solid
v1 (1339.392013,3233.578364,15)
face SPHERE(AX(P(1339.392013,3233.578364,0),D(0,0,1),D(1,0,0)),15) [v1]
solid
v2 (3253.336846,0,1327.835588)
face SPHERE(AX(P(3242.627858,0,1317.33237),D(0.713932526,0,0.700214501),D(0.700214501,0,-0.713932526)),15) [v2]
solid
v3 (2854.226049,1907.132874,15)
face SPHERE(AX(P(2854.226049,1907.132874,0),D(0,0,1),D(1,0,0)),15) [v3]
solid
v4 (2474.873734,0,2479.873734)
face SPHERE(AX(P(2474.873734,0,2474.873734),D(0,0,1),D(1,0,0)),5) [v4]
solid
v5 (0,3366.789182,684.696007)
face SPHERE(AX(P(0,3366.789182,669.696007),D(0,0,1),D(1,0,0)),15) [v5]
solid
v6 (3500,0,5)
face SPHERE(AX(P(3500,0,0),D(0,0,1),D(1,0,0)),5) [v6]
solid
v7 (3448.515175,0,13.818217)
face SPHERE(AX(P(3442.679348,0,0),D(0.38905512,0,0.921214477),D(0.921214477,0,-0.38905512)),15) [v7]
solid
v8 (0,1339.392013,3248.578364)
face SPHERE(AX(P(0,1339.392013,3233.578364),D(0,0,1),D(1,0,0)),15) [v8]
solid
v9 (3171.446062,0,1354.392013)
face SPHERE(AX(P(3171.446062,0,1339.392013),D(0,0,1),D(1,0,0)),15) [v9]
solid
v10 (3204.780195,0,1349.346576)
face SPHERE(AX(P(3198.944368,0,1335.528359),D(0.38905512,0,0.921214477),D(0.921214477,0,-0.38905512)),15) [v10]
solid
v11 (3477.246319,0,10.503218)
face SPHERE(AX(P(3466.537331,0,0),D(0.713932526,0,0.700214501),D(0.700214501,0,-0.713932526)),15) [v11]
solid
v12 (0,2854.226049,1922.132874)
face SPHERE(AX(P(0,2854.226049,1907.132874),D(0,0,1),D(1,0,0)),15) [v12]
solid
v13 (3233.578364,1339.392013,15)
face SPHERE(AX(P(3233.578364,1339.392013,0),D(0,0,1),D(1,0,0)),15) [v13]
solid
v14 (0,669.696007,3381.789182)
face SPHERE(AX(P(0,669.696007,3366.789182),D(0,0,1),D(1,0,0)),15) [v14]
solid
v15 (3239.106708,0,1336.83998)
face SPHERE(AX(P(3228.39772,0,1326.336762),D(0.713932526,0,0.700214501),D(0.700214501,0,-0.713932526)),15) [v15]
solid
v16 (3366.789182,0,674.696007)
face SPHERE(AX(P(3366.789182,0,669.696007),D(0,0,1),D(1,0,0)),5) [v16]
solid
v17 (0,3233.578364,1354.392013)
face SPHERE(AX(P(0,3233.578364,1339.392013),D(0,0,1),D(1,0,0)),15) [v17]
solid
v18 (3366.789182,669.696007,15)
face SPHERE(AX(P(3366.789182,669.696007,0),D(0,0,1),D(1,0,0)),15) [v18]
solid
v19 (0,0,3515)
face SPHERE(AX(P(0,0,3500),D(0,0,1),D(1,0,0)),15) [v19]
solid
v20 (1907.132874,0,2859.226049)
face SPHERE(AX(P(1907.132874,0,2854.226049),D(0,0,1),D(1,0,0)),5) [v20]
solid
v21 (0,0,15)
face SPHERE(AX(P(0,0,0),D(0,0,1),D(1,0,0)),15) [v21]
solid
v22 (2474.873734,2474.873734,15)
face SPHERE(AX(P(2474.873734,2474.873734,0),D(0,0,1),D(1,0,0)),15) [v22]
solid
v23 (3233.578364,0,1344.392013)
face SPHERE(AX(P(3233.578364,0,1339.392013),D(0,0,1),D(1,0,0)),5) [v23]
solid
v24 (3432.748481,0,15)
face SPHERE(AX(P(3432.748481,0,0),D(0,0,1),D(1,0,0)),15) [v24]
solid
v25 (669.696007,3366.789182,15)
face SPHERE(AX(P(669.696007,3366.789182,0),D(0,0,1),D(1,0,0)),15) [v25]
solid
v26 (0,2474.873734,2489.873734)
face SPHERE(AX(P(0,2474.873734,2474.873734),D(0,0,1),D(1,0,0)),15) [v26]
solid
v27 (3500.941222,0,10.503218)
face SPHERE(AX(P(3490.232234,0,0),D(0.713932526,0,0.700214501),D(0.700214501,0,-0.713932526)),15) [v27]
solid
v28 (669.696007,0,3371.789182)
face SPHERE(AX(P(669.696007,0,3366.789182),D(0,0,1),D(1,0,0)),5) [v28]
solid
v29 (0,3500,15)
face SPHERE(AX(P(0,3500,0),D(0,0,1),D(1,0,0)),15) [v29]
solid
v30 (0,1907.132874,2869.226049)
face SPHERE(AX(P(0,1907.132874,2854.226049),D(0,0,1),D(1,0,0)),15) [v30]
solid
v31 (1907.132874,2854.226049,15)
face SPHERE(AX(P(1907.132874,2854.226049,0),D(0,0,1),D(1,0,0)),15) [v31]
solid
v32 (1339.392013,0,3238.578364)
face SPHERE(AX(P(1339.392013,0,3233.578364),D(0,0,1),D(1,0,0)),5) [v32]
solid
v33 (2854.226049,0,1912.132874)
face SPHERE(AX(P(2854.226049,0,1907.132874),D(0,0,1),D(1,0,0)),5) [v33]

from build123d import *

# Parameters (mm, degrees)
SPHERE025_PLACEMENT_ANGLE = 314.444216
SPHERE026_PLACEMENT_ANGLE = 337.104281
SPHERE029_PLACEMENT_ANGLE = 45.555784
SPHERE030_PLACEMENT_ANGLE = 45.555784
SPHERE031_PLACEMENT_ANGLE = 22.895719
SPHERE032_PLACEMENT_ANGLE = 45.555784


with BuildPart() as sphere:
    # Sphere → Sphere (revolve)
    with BuildSketch(Plane(origin=(3500, 0, 0), x_dir=(1, 0, 0), z_dir=(0, -1, 0))):
        with BuildLine():
            ThreePointArc((0, -5), (5, 0), (0, 5))
            Line((0, 5), (0, -5))
        make_face()
    revolve(axis=Axis((3500, 0, 0), (0, 0, 1)))


with BuildPart() as sphere001:
    # Sphere001 → Sphere001 (revolve)
    with BuildSketch(Plane.XZ):
        with BuildLine():
            ThreePointArc((0, -15), (15, 0), (0, 15))
            Line((0, 15), (0, -15))
        make_face()
    revolve(axis=Axis((0, 0, 0), (0, 0, 1)))


with BuildPart() as sphere002:
    # Sphere002 → Sphere002 (revolve)
    with BuildSketch(Plane(origin=(0, 0, 3500), x_dir=(1, 0, 0), z_dir=(0, -1, 0))):
        with BuildLine():
            ThreePointArc((0, -15), (15, 0), (0, 15))
            Line((0, 15), (0, -15))
        make_face()
    revolve(axis=Axis((0, 0, 3500), (0, 0, 1)))


with BuildPart() as sphere003:
    # Sphere003 → Sphere003 (revolve)
    with BuildSketch(Plane(origin=(1339.392013, 0, 3233.578364), x_dir=(1, 0, 0), z_dir=(0, -1, 0))):
        with BuildLine():
            ThreePointArc((0, -5), (5, 0), (0, 5))
            Line((0, 5), (0, -5))
        make_face()
    revolve(axis=Axis((1339.392013, 0, 3233.578364), (0, 0, 1)))


with BuildPart() as sphere004:
    # Sphere004 → Sphere004 (revolve)
    with BuildSketch(Plane(origin=(2474.873734, 0, 2474.873734), x_dir=(1, 0, 0), z_dir=(0, -1, 0))):
        with BuildLine():
            ThreePointArc((0, -5), (5, 0), (0, 5))
            Line((0, 5), (0, -5))
        make_face()
    revolve(axis=Axis((2474.873734, 0, 2474.873734), (0, 0, 1)))


with BuildPart() as sphere005:
    # Sphere005 → Sphere005 (revolve)
    with BuildSketch(Plane(origin=(3233.578364, 0, 1339.392013), x_dir=(1, 0, 0), z_dir=(0, -1, 0))):
        with BuildLine():
            ThreePointArc((0, -5), (5, 0), (0, 5))
            Line((0, 5), (0, -5))
        make_face()
    revolve(axis=Axis((3233.578364, 0, 1339.392013), (0, 0, 1)))


with BuildPart() as sphere006:
    # Sphere006 → Sphere006 (revolve)
    with BuildSketch(Plane.XZ.offset(-3500)):
        with BuildLine():
            ThreePointArc((0, -15), (15, 0), (0, 15))
            Line((0, 15), (0, -15))
        make_face()
    revolve(axis=Axis((0, 3500, 0), (0, 0, 1)))


with BuildPart() as sphere007:
    # Sphere007 → Sphere007 (revolve)
    with BuildSketch(Plane(origin=(0, 3233.578364, 1339.392013), x_dir=(1, 0, 0), z_dir=(0, -1, 0))):
        with BuildLine():
            ThreePointArc((0, -15), (15, 0), (0, 15))
            Line((0, 15), (0, -15))
        make_face()
    revolve(axis=Axis((0, 3233.578364, 1339.392013), (0, 0, 1)))


with BuildPart() as sphere008:
    # Sphere008 → Sphere008 (revolve)
    with BuildSketch(Plane(origin=(0, 2474.873734, 2474.873734), x_dir=(1, 0, 0), z_dir=(0, -1, 0))):
        with BuildLine():
            ThreePointArc((0, -15), (15, 0), (0, 15))
            Line((0, 15), (0, -15))
        make_face()
    revolve(axis=Axis((0, 2474.873734, 2474.873734), (0, 0, 1)))


with BuildPart() as sphere009:
    # Sphere009 → Sphere009 (revolve)
    with BuildSketch(Plane(origin=(0, 1339.392013, 3233.578364), x_dir=(1, 0, 0), z_dir=(0, -1, 0))):
        with BuildLine():
            ThreePointArc((0, -15), (15, 0), (0, 15))
            Line((0, 15), (0, -15))
        make_face()
    revolve(axis=Axis((0, 1339.392013, 3233.578364), (0, 0, 1)))


with BuildPart() as sphere010:
    # Sphere010 → Sphere010 (revolve)
    with BuildSketch(Plane(origin=(1339.392013, 3233.578364, 0), x_dir=(1, 0, 0), z_dir=(0, -1, 0))):
        with BuildLine():
            ThreePointArc((0, -15), (15, 0), (0, 15))
            Line((0, 15), (0, -15))
        make_face()
    revolve(axis=Axis((1339.392013, 3233.578364, 0), (0, 0, 1)))


with BuildPart() as sphere011:
    # Sphere011 → Sphere011 (revolve)
    with BuildSketch(Plane(origin=(2474.873734, 2474.873734, 0), x_dir=(1, 0, 0), z_dir=(0, -1, 0))):
        with BuildLine():
            ThreePointArc((0, -15), (15, 0), (0, 15))
            Line((0, 15), (0, -15))
        make_face()
    revolve(axis=Axis((2474.873734, 2474.873734, 0), (0, 0, 1)))


with BuildPart() as sphere012:
    # Sphere012 → Sphere012 (revolve)
    with BuildSketch(Plane(origin=(3233.578364, 1339.392013, 0), x_dir=(1, 0, 0), z_dir=(0, -1, 0))):
        with BuildLine():
            ThreePointArc((0, -15), (15, 0), (0, 15))
            Line((0, 15), (0, -15))
        make_face()
    revolve(axis=Axis((3233.578364, 1339.392013, 0), (0, 0, 1)))


with BuildPart() as sphere013:
    # Sphere013 → Sphere013 (revolve)
    with BuildSketch(Plane(origin=(3366.789182, 669.696007, 0), x_dir=(1, 0, 0), z_dir=(0, -1, 0))):
        with BuildLine():
            ThreePointArc((0, -15), (15, 0), (0, 15))
            Line((0, 15), (0, -15))
        make_face()
    revolve(axis=Axis((3366.789182, 669.696007, 0), (0, 0, 1)))


with BuildPart() as sphere014:
    # Sphere014 → Sphere014 (revolve)
    with BuildSketch(Plane(origin=(2854.226049, 1907.132874, 0), x_dir=(1, 0, 0), z_dir=(0, -1, 0))):
        with BuildLine():
            ThreePointArc((0, -15), (15, 0), (0, 15))
            Line((0, 15), (0, -15))
        make_face()
    revolve(axis=Axis((2854.226049, 1907.132874, 0), (0, 0, 1)))


with BuildPart() as sphere015:
    # Sphere015 → Sphere015 (revolve)
    with BuildSketch(Plane(origin=(1907.132874, 2854.226049, 0), x_dir=(1, 0, 0), z_dir=(0, -1, 0))):
        with BuildLine():
            ThreePointArc((0, -15), (15, 0), (0, 15))
            Line((0, 15), (0, -15))
        make_face()
    revolve(axis=Axis((1907.132874, 2854.226049, 0), (0, 0, 1)))


with BuildPart() as sphere016:
    # Sphere016 → Sphere016 (revolve)
    with BuildSketch(Plane(origin=(669.696007, 3366.789182, 0), x_dir=(1, 0, 0), z_dir=(0, -1, 0))):
        with BuildLine():
            ThreePointArc((0, -15), (15, 0), (0, 15))
            Line((0, 15), (0, -15))
        make_face()
    revolve(axis=Axis((669.696007, 3366.789182, 0), (0, 0, 1)))


with BuildPart() as sphere017:
    # Sphere017 → Sphere017 (revolve)
    with BuildSketch(Plane(origin=(0, 3366.789182, 669.696007), x_dir=(1, 0, 0), z_dir=(0, -1, 0))):
        with BuildLine():
            ThreePointArc((0, -15), (15, 0), (0, 15))
            Line((0, 15), (0, -15))
        make_face()
    revolve(axis=Axis((0, 3366.789182, 669.696007), (0, 0, 1)))


with BuildPart() as sphere018:
    # Sphere018 → Sphere018 (revolve)
    with BuildSketch(Plane(origin=(0, 2854.226049, 1907.132874), x_dir=(1, 0, 0), z_dir=(0, -1, 0))):
        with BuildLine():
            ThreePointArc((0, -15), (15, 0), (0, 15))
            Line((0, 15), (0, -15))
        make_face()
    revolve(axis=Axis((0, 2854.226049, 1907.132874), (0, 0, 1)))


with BuildPart() as sphere019:
    # Sphere019 → Sphere019 (revolve)
    with BuildSketch(Plane(origin=(0, 1907.132874, 2854.226049), x_dir=(1, 0, 0), z_dir=(0, -1, 0))):
        with BuildLine():
            ThreePointArc((0, -15), (15, 0), (0, 15))
            Line((0, 15), (0, -15))
        make_face()
    revolve(axis=Axis((0, 1907.132874, 2854.226049), (0, 0, 1)))


with BuildPart() as sphere020:
    # Sphere020 → Sphere020 (revolve)
    with BuildSketch(Plane(origin=(0, 669.696007, 3366.789182), x_dir=(1, 0, 0), z_dir=(0, -1, 0))):
        with BuildLine():
            ThreePointArc((0, -15), (15, 0), (0, 15))
            Line((0, 15), (0, -15))
        make_face()
    revolve(axis=Axis((0, 669.696007, 3366.789182), (0, 0, 1)))


with BuildPart() as sphere021:
    # Sphere021 → Sphere021 (revolve)
    with BuildSketch(Plane(origin=(669.696007, 0, 3366.789182), x_dir=(1, 0, 0), z_dir=(0, -1, 0))):
        with BuildLine():
            ThreePointArc((0, -5), (5, 0), (0, 5))
            Line((0, 5), (0, -5))
        make_face()
    revolve(axis=Axis((669.696007, 0, 3366.789182), (0, 0, 1)))


with BuildPart() as sphere022:
    # Sphere022 → Sphere022 (revolve)
    with BuildSketch(Plane(origin=(1907.132874, 0, 2854.226049), x_dir=(1, 0, 0), z_dir=(0, -1, 0))):
        with BuildLine():
            ThreePointArc((0, -5), (5, 0), (0, 5))
            Line((0, 5), (0, -5))
        make_face()
    revolve(axis=Axis((1907.132874, 0, 2854.226049), (0, 0, 1)))


with BuildPart() as sphere023:
    # Sphere023 → Sphere023 (revolve)
    with BuildSketch(Plane(origin=(2854.226049, 0, 1907.132874), x_dir=(1, 0, 0), z_dir=(0, -1, 0))):
        with BuildLine():
            ThreePointArc((0, -5), (5, 0), (0, 5))
            Line((0, 5), (0, -5))
        make_face()
    revolve(axis=Axis((2854.226049, 0, 1907.132874), (0, 0, 1)))


with BuildPart() as sphere024:
    # Sphere024 → Sphere024 (revolve)
    with BuildSketch(Plane(origin=(3366.789182, 0, 669.696007), x_dir=(1, 0, 0), z_dir=(0, -1, 0))):
        with BuildLine():
            ThreePointArc((0, -5), (5, 0), (0, 5))
            Line((0, 5), (0, -5))
        make_face()
    revolve(axis=Axis((3366.789182, 0, 669.696007), (0, 0, 1)))


with BuildPart() as sphere025:
    # Sphere025 → Sphere025 (revolve)
    with BuildSketch(Plane.XZ):
        with BuildLine():
            ThreePointArc((0, -15), (15, 0), (0, 15))
            Line((0, 15), (0, -15))
        make_face()
    revolve(axis=Axis((0, 0, 0), (0, 0, 1)))


with BuildPart() as sphere025_1:
    # Sphere025 placement: moved
    add(sphere025.part.moved(Location((3466.537331, 0, 0))).rotate(Axis((3466.537331, 0, 0), (0, -1, 0)), SPHERE025_PLACEMENT_ANGLE))


with BuildPart() as sphere026:
    # Sphere026 → Sphere026 (revolve)
    with BuildSketch(Plane.XZ):
        with BuildLine():
            ThreePointArc((0, -15), (15, 0), (0, 15))
            Line((0, 15), (0, -15))
        make_face()
    revolve(axis=Axis((0, 0, 0), (0, 0, 1)))


with BuildPart() as sphere026_1:
    # Sphere026 placement: moved
    add(sphere026.part.moved(Location((3442.679348, 0, 0))).rotate(Axis((3442.679348, 0, 0), (0, -1, 0)), SPHERE026_PLACEMENT_ANGLE))


with BuildPart() as sphere027:
    # Sphere027 → Sphere027 (revolve)
    with BuildSketch(Plane(origin=(3171.446062, 0, 1339.392013), x_dir=(1, 0, 0), z_dir=(0, -1, 0))):
        with BuildLine():
            ThreePointArc((0, -15), (15, 0), (0, 15))
            Line((0, 15), (0, -15))
        make_face()
    revolve(axis=Axis((3171.446062, 0, 1339.392013), (0, 0, 1)))


with BuildPart() as sphere028:
    # Sphere028 → Sphere028 (revolve)
    with BuildSketch(Plane(origin=(3432.748481, 0, 0), x_dir=(1, 0, 0), z_dir=(0, -1, 0))):
        with BuildLine():
            ThreePointArc((0, -15), (15, 0), (0, 15))
            Line((0, 15), (0, -15))
        make_face()
    revolve(axis=Axis((3432.748481, 0, 0), (0, 0, 1)))


with BuildPart() as sphere029:
    # Sphere029 → Sphere029 (revolve)
    with BuildSketch(Plane.XZ):
        with BuildLine():
            ThreePointArc((0, -15), (15, 0), (0, 15))
            Line((0, 15), (0, -15))
        make_face()
    revolve(axis=Axis((0, 0, 0), (0, 0, 1)))


with BuildPart() as sphere029_1:
    # Sphere029 placement: moved
    add(sphere029.part.moved(Location((3242.627858, 0, 1317.33237))).rotate(Axis((3242.627858, 0, 1317.33237), (0, 1, 0)), SPHERE029_PLACEMENT_ANGLE))


with BuildPart() as sphere030:
    # Sphere030 → Sphere030 (revolve)
    with BuildSketch(Plane.XZ):
        with BuildLine():
            ThreePointArc((0, -15), (15, 0), (0, 15))
            Line((0, 15), (0, -15))
        make_face()
    revolve(axis=Axis((0, 0, 0), (0, 0, 1)))


with BuildPart() as sphere030_1:
    # Sphere030 placement: moved
    add(sphere030.part.moved(Location((3490.232234, 0, 0))).rotate(Axis((3490.232234, 0, 0), (0, 1, 0)), SPHERE030_PLACEMENT_ANGLE))


with BuildPart() as sphere031:
    # Sphere031 → Sphere031 (revolve)
    with BuildSketch(Plane.XZ):
        with BuildLine():
            ThreePointArc((0, -15), (15, 0), (0, 15))
            Line((0, 15), (0, -15))
        make_face()
    revolve(axis=Axis((0, 0, 0), (0, 0, 1)))


with BuildPart() as sphere031_1:
    # Sphere031 placement: moved
    add(sphere031.part.moved(Location((3198.944368, 0, 1335.528359))).rotate(Axis((3198.944368, 0, 1335.528359), (0, 1, 0)), SPHERE031_PLACEMENT_ANGLE))


with BuildPart() as sphere032:
    # Sphere032 → Sphere032 (revolve)
    with BuildSketch(Plane.XZ):
        with BuildLine():
            ThreePointArc((0, -15), (15, 0), (0, 15))
            Line((0, 15), (0, -15))
        make_face()
    revolve(axis=Axis((0, 0, 0), (0, 0, 1)))


with BuildPart() as sphere032_1:
    # Sphere032 placement: moved
    add(sphere032.part.moved(Location((3228.39772, 0, 1326.336762))).rotate(Axis((3228.39772, 0, 1326.336762), (0, 1, 0)), SPHERE032_PLACEMENT_ANGLE))


solid = Compound([sphere.part, sphere001.part, sphere002.part, sphere003.part, sphere004.part, sphere005.part, sphere006.part, sphere007.part, sphere008.part, sphere009.part, sphere010.part, sphere011.part, sphere012.part, sphere013.part, sphere014.part, sphere015.part, sphere016.part, sphere017.part, sphere018.part, sphere019.part, sphere020.part, sphere021.part, sphere022.part, sphere023.part, sphere024.part, sphere025_1.part, sphere026_1.part, sphere027.part, sphere028.part, sphere029_1.part, sphere030_1.part, sphere031_1.part, sphere032_1.part])
